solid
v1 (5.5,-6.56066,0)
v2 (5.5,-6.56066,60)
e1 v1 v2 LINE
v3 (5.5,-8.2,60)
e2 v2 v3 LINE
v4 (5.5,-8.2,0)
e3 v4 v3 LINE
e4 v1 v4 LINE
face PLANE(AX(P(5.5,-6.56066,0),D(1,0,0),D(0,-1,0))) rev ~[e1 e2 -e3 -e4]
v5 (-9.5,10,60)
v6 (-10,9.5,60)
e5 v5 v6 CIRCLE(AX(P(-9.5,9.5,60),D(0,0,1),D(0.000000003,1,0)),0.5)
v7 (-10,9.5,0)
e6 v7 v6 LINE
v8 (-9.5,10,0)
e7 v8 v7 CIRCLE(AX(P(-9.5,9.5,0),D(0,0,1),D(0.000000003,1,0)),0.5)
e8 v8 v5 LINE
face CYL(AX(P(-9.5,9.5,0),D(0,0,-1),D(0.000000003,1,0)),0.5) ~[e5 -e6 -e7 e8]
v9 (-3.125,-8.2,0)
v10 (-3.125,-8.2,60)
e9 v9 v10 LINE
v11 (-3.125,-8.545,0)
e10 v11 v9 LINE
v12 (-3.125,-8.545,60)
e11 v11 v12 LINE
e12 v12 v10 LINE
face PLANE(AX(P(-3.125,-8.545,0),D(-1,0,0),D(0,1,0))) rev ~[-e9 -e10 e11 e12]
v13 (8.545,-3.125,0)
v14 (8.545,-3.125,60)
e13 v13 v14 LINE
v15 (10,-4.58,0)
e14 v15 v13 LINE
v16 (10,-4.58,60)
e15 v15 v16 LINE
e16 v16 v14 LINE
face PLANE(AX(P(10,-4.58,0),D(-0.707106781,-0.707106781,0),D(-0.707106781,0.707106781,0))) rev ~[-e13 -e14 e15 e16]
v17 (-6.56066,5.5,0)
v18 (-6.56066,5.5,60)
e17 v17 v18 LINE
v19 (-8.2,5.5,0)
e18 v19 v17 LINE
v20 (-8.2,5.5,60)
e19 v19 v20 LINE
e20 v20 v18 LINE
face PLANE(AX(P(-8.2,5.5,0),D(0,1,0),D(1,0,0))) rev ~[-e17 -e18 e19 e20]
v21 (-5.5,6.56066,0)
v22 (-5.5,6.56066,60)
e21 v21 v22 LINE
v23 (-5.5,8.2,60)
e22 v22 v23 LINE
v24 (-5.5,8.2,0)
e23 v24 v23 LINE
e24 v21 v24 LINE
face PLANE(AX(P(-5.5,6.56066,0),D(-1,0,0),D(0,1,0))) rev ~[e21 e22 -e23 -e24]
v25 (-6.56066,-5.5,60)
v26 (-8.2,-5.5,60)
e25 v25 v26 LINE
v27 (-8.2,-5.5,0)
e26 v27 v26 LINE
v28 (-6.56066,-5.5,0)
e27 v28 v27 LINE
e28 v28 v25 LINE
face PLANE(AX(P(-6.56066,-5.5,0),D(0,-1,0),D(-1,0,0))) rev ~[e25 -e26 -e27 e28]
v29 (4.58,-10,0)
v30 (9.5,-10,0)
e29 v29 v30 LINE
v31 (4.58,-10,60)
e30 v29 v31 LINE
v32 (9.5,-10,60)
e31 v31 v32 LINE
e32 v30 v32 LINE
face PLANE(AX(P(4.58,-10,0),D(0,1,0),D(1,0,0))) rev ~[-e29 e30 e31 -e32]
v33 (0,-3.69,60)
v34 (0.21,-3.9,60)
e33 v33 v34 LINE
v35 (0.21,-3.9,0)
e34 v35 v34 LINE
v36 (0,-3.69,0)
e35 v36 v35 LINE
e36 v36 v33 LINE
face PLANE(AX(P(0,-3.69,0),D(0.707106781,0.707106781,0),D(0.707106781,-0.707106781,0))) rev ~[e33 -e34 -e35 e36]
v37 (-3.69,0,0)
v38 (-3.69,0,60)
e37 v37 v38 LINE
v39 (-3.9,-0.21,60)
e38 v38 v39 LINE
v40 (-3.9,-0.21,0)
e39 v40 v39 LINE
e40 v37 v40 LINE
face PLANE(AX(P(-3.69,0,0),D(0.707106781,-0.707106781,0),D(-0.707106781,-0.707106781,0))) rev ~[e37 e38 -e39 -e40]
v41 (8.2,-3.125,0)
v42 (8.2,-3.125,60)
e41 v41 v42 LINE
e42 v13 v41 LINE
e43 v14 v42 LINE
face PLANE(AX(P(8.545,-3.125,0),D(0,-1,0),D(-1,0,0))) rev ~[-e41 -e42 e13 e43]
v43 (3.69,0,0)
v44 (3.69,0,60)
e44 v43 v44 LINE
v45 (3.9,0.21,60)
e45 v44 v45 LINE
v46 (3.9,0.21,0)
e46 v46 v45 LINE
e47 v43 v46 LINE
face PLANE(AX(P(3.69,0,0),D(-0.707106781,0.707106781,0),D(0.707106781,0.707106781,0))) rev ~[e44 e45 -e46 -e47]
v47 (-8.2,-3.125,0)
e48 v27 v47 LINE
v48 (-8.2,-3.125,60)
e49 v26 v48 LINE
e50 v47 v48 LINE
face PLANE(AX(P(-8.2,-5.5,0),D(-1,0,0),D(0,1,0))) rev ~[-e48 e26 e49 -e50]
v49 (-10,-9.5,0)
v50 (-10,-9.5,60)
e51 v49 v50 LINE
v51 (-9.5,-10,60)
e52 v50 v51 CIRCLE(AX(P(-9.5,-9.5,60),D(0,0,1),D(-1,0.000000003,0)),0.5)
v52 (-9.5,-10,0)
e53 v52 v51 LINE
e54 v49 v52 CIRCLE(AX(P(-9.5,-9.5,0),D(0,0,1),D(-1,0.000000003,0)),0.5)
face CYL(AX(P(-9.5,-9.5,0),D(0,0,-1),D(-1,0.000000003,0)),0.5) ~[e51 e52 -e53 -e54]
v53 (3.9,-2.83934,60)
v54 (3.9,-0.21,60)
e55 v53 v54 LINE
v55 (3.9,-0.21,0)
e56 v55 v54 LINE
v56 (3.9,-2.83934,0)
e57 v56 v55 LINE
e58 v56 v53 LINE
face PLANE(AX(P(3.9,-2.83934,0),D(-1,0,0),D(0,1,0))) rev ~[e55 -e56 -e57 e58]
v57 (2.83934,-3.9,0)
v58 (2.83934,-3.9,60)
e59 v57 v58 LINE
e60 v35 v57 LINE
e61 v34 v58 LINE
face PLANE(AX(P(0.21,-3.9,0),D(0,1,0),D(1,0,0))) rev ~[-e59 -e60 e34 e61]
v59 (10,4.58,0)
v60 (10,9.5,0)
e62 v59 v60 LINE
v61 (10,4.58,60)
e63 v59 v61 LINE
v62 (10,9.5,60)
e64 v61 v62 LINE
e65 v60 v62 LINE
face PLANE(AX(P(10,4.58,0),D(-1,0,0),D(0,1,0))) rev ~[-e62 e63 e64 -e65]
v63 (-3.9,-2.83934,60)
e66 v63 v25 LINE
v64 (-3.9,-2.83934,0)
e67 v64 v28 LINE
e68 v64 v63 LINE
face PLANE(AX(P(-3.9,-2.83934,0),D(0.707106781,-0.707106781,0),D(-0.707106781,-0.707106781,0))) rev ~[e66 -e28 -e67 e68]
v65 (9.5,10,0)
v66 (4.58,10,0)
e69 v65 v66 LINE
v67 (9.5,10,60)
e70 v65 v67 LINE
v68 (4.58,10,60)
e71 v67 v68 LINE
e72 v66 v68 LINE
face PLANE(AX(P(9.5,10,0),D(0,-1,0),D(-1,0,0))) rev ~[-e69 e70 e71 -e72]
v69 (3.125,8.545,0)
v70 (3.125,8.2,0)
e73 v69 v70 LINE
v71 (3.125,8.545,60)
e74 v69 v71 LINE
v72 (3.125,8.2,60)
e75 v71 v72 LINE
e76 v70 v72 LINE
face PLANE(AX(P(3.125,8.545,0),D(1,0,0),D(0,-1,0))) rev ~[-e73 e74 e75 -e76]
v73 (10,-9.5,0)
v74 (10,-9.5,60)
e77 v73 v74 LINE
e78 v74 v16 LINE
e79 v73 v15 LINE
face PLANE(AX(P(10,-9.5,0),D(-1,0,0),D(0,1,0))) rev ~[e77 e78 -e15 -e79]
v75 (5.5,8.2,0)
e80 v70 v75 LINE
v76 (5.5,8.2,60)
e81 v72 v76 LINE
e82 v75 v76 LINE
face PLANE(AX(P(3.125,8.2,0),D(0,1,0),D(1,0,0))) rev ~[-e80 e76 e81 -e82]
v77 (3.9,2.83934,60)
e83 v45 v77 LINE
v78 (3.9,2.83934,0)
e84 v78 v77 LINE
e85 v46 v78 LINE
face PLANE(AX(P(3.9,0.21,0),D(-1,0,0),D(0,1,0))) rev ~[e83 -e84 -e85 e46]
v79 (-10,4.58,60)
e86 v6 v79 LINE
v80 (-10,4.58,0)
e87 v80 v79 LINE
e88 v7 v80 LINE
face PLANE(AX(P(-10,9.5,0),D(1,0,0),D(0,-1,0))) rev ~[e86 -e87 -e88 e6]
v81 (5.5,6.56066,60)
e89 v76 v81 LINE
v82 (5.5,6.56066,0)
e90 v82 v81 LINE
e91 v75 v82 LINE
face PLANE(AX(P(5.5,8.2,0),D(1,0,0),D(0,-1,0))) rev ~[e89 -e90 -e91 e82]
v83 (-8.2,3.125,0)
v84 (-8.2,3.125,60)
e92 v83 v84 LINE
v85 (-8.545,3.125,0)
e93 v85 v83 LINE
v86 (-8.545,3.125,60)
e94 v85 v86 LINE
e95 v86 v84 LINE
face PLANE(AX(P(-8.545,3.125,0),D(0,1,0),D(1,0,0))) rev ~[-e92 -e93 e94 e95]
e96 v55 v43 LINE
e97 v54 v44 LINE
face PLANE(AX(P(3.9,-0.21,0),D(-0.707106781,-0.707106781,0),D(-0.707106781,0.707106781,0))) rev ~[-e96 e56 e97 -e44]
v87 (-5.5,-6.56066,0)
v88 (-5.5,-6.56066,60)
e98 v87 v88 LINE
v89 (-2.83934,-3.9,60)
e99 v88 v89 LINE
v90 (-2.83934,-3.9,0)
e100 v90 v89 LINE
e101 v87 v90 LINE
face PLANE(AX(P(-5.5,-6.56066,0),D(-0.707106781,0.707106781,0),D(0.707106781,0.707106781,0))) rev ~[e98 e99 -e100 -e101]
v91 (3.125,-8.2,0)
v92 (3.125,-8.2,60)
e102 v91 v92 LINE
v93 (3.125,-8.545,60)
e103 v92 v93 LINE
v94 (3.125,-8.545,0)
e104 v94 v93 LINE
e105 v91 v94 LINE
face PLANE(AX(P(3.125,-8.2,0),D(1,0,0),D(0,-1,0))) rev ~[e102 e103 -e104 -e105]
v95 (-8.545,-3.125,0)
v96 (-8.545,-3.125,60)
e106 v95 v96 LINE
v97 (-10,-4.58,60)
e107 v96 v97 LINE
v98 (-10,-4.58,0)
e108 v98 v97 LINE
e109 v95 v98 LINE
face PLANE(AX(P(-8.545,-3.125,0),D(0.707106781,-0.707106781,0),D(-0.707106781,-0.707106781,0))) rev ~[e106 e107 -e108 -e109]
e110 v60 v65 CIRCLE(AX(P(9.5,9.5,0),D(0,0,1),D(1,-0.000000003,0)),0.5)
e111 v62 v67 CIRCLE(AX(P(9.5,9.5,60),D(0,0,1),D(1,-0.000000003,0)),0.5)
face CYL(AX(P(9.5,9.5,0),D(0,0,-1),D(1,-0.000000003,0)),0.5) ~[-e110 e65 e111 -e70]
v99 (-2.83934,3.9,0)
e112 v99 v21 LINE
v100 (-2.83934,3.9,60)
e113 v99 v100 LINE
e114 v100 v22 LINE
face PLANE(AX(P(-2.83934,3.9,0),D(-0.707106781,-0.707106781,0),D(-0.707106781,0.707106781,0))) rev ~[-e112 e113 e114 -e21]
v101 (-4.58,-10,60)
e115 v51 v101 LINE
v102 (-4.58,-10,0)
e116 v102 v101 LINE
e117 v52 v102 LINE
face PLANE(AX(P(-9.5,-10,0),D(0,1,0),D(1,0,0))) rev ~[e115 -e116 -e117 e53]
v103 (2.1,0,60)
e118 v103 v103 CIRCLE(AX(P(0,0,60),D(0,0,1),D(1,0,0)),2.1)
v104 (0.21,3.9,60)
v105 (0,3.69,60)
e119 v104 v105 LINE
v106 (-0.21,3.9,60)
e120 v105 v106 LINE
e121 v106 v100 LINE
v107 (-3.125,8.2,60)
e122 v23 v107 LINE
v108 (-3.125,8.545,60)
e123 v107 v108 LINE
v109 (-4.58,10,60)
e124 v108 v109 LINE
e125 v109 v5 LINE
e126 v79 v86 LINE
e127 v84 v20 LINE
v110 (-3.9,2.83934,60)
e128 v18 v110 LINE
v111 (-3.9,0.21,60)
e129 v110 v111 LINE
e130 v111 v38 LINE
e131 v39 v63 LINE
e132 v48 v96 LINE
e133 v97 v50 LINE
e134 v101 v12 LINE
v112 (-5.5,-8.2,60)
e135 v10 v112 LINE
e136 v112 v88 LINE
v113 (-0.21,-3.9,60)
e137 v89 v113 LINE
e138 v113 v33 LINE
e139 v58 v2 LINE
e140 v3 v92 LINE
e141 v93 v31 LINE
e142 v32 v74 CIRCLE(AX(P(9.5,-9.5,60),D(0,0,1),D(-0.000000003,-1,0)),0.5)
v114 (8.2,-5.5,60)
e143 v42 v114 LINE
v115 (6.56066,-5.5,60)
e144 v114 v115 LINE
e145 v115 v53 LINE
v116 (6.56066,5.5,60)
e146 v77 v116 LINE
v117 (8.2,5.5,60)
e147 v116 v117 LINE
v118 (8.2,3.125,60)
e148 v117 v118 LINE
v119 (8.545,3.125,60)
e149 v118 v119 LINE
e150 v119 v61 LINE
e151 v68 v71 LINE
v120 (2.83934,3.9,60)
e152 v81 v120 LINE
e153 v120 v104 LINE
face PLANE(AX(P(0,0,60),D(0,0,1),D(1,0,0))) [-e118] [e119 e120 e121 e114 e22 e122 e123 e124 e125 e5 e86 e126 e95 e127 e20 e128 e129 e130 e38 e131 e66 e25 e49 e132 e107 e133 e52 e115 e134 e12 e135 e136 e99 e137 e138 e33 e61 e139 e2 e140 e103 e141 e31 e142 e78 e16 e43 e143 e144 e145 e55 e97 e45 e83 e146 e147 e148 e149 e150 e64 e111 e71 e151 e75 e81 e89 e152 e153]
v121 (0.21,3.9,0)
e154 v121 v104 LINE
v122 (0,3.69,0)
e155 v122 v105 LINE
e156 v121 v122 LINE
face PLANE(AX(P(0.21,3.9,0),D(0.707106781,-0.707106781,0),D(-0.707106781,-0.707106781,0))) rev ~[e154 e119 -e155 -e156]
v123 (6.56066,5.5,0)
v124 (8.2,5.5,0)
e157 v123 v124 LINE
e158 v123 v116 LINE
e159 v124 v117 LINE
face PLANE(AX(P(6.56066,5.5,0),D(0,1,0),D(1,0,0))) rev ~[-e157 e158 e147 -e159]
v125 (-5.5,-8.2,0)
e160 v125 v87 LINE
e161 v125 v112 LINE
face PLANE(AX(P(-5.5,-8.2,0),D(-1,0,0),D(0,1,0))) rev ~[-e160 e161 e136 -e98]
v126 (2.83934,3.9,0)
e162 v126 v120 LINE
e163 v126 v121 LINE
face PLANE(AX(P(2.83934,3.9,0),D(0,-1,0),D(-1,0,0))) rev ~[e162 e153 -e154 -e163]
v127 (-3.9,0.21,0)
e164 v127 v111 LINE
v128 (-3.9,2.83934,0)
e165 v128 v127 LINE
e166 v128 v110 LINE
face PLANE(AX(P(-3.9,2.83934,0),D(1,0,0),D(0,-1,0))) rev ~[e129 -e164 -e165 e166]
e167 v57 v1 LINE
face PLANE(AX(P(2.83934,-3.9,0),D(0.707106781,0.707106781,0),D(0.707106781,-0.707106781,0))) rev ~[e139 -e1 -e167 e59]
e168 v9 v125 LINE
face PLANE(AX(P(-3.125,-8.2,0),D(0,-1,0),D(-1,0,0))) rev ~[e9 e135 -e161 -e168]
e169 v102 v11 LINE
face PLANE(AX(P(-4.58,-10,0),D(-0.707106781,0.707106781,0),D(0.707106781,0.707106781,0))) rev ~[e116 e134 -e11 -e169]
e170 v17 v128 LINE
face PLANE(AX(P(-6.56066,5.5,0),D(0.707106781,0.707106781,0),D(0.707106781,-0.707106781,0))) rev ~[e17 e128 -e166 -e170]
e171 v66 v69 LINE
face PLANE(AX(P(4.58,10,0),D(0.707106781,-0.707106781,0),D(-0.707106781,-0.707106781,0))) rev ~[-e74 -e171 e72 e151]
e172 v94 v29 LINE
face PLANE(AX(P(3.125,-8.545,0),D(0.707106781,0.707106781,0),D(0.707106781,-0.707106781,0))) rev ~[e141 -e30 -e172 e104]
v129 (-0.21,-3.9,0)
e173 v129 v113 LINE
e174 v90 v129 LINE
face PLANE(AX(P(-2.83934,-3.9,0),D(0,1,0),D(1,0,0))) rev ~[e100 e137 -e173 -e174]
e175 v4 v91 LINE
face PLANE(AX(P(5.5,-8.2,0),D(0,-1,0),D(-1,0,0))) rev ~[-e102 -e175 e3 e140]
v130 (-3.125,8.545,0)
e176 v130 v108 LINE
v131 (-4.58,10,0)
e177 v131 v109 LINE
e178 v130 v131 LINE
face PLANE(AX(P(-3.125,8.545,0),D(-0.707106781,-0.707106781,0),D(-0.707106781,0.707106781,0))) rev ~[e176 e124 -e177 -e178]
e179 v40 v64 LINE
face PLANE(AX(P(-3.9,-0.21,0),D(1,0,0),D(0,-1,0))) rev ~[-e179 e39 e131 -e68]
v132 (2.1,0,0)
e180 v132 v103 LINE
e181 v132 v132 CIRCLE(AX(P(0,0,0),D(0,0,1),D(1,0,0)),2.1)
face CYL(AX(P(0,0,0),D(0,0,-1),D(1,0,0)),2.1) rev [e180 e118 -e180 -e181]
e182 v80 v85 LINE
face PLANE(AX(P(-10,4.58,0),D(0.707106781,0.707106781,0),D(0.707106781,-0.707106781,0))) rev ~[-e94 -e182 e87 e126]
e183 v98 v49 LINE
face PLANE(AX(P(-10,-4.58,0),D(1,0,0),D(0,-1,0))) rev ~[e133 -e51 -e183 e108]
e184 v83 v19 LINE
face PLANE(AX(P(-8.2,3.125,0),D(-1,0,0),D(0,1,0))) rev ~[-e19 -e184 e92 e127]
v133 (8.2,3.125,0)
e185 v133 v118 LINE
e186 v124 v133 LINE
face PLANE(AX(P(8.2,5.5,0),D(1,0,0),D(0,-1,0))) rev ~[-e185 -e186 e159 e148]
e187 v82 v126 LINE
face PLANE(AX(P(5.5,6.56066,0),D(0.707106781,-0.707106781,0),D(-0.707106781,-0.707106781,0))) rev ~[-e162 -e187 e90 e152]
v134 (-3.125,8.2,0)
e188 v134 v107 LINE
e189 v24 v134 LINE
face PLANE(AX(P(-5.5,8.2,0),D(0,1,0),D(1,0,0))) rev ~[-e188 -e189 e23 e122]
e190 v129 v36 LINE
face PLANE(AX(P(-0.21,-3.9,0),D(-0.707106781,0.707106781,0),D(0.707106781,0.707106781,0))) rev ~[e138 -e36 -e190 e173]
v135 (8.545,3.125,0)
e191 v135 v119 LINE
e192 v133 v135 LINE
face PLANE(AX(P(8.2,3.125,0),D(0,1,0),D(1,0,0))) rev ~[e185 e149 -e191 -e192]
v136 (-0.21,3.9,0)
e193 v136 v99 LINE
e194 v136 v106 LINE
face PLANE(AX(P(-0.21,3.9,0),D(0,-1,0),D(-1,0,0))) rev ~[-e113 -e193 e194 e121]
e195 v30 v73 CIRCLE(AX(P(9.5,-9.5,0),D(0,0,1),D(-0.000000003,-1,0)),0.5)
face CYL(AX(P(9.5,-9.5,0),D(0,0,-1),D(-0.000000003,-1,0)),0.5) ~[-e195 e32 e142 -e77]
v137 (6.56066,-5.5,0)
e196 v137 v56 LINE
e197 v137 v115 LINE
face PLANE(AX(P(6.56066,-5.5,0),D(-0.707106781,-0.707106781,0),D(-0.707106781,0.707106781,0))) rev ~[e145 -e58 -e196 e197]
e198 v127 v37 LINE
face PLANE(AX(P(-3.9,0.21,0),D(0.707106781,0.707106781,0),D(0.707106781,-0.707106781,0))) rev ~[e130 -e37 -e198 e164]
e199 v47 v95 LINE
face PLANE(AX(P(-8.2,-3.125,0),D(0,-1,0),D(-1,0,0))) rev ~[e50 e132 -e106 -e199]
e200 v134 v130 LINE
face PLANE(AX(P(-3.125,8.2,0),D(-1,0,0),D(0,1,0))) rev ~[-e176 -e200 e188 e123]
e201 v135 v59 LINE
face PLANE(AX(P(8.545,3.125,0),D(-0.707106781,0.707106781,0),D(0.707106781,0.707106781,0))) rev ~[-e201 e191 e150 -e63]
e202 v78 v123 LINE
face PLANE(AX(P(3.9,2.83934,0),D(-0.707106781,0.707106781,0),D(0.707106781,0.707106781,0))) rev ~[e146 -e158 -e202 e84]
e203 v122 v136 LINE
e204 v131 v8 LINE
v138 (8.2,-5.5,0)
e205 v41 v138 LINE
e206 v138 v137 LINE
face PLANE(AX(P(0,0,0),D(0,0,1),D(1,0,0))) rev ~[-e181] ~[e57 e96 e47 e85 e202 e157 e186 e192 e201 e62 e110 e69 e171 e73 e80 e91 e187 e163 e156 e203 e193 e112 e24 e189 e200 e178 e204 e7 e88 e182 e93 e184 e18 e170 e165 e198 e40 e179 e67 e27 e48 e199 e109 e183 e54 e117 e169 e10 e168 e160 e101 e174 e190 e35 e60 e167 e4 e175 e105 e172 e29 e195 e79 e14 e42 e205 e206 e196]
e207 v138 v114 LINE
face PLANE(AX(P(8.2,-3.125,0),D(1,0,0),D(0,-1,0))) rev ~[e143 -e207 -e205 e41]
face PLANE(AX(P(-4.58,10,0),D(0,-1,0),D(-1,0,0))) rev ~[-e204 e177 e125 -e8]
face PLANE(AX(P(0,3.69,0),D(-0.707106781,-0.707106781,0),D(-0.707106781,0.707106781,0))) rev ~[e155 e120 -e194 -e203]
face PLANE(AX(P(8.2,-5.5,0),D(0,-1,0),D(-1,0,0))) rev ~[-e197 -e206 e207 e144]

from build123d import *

# Parameters (mm, degrees)
SKETCH1_R           = 2.1
BOSS_EXTRUDE1_DEPTH = 60


with BuildPart() as part:
    # Sketch1 → Boss-Extrude1 (new body)
    with BuildSketch(Plane.XY):
        with BuildLine():
            Line((4.58, -10), (9.5, -10))
            ThreePointArc((9.5, -10), (9.853553391, -9.853553391), (10, -9.5))
            Line((10, -9.5), (10, -4.58))
            Line((10, -4.58), (8.545, -3.125))
            Line((8.545, -3.125), (8.2, -3.125))
            Line((8.2, -3.125), (8.2, -5.5))
            Line((8.2, -5.5), (6.560660172, -5.5))
            Line((6.560660172, -5.5), (3.9, -2.839339828))
            Line((3.9, -2.839339828), (3.9, -0.21))
            Line((3.9, -0.21), (3.69, 0))
            Line((3.69, 0), (3.9, 0.21))
            Line((3.9, 0.21), (3.9, 2.839339828))
            Line((3.9, 2.839339828), (6.560660172, 5.5))
            Line((6.560660172, 5.5), (8.2, 5.5))
            Line((8.2, 5.5), (8.2, 3.125))
            Line((8.2, 3.125), (8.545, 3.125))
            Line((8.545, 3.125), (10, 4.58))
            Line((10, 4.58), (10, 9.5))
            ThreePointArc((10, 9.5), (9.853553391, 9.853553391), (9.5, 10))
            Line((9.5, 10), (4.58, 10))
            Line((4.58, 10), (3.125, 8.545))
            Line((3.125, 8.545), (3.125, 8.2))
            Line((3.125, 8.2), (5.5, 8.2))
            Line((5.5, 8.2), (5.5, 6.560660172))
            Line((5.5, 6.560660172), (2.839339828, 3.9))
            Line((2.839339828, 3.9), (0.21, 3.9))
            Line((0.21, 3.9), (0, 3.69))
            Line((0, 3.69), (-0.21, 3.9))
            Line((-0.21, 3.9), (-2.839339828, 3.9))
            Line((-2.839339828, 3.9), (-5.5, 6.560660172))
            Line((-5.5, 6.560660172), (-5.5, 8.2))
            Line((-5.5, 8.2), (-3.125, 8.2))
            Line((-3.125, 8.2), (-3.125, 8.545))
            Line((-3.125, 8.545), (-4.58, 10))
            Line((-4.58, 10), (-9.5, 10))
            ThreePointArc((-9.5, 10), (-9.853553391, 9.853553391), (-10, 9.5))
            Line((-10, 9.5), (-10, 4.58))
            Line((-10, 4.58), (-8.545, 3.125))
            Line((-8.545, 3.125), (-8.2, 3.125))
            Line((-8.2, 3.125), (-8.2, 5.5))
            Line((-8.2, 5.5), (-6.560660172, 5.5))
            Line((-6.560660172, 5.5), (-3.9, 2.839339828))
            Line((-3.9, 2.839339828), (-3.9, 0.21))
            Line((-3.9, 0.21), (-3.69, 0))
            Line((-3.69, 0), (-3.9, -0.21))
            Line((-3.9, -0.21), (-3.9, -2.839339828))
            Line((-3.9, -2.839339828), (-6.560660172, -5.5))
            Line((-6.560660172, -5.5), (-8.2, -5.5))
            Line((-8.2, -5.5), (-8.2, -3.125))
            Line((-8.2, -3.125), (-8.545, -3.125))
            Line((-8.545, -3.125), (-10, -4.58))
            Line((-10, -4.58), (-10, -9.5))
            ThreePointArc((-10, -9.5), (-9.853553391, -9.853553391), (-9.5, -10))
            Line((-9.5, -10), (-4.58, -10))
            Line((-4.58, -10), (-3.125, -8.545))
            Line((-3.125, -8.545), (-3.125, -8.2))
            Line((-3.125, -8.2), (-5.5, -8.2))
            Line((-5.5, -8.2), (-5.5, -6.560660172))
            Line((-5.5, -6.560660172), (-2.839339828, -3.9))
            Line((-2.839339828, -3.9), (-0.21, -3.9))
            Line((-0.21, -3.9), (0, -3.69))
            Line((0, -3.69), (0.21, -3.9))
            Line((0.21, -3.9), (2.839339828, -3.9))
            Line((2.839339828, -3.9), (5.5, -6.560660172))
            Line((5.5, -6.560660172), (5.5, -8.2))
            Line((5.5, -8.2), (3.125, -8.2))
            Line((3.125, -8.2), (3.125, -8.545))
            Line((3.125, -8.545), (4.58, -10))
        make_face()
        Circle(SKETCH1_R, mode=Mode.SUBTRACT)
    extrude(amount=BOSS_EXTRUDE1_DEPTH)


solid = part.part
